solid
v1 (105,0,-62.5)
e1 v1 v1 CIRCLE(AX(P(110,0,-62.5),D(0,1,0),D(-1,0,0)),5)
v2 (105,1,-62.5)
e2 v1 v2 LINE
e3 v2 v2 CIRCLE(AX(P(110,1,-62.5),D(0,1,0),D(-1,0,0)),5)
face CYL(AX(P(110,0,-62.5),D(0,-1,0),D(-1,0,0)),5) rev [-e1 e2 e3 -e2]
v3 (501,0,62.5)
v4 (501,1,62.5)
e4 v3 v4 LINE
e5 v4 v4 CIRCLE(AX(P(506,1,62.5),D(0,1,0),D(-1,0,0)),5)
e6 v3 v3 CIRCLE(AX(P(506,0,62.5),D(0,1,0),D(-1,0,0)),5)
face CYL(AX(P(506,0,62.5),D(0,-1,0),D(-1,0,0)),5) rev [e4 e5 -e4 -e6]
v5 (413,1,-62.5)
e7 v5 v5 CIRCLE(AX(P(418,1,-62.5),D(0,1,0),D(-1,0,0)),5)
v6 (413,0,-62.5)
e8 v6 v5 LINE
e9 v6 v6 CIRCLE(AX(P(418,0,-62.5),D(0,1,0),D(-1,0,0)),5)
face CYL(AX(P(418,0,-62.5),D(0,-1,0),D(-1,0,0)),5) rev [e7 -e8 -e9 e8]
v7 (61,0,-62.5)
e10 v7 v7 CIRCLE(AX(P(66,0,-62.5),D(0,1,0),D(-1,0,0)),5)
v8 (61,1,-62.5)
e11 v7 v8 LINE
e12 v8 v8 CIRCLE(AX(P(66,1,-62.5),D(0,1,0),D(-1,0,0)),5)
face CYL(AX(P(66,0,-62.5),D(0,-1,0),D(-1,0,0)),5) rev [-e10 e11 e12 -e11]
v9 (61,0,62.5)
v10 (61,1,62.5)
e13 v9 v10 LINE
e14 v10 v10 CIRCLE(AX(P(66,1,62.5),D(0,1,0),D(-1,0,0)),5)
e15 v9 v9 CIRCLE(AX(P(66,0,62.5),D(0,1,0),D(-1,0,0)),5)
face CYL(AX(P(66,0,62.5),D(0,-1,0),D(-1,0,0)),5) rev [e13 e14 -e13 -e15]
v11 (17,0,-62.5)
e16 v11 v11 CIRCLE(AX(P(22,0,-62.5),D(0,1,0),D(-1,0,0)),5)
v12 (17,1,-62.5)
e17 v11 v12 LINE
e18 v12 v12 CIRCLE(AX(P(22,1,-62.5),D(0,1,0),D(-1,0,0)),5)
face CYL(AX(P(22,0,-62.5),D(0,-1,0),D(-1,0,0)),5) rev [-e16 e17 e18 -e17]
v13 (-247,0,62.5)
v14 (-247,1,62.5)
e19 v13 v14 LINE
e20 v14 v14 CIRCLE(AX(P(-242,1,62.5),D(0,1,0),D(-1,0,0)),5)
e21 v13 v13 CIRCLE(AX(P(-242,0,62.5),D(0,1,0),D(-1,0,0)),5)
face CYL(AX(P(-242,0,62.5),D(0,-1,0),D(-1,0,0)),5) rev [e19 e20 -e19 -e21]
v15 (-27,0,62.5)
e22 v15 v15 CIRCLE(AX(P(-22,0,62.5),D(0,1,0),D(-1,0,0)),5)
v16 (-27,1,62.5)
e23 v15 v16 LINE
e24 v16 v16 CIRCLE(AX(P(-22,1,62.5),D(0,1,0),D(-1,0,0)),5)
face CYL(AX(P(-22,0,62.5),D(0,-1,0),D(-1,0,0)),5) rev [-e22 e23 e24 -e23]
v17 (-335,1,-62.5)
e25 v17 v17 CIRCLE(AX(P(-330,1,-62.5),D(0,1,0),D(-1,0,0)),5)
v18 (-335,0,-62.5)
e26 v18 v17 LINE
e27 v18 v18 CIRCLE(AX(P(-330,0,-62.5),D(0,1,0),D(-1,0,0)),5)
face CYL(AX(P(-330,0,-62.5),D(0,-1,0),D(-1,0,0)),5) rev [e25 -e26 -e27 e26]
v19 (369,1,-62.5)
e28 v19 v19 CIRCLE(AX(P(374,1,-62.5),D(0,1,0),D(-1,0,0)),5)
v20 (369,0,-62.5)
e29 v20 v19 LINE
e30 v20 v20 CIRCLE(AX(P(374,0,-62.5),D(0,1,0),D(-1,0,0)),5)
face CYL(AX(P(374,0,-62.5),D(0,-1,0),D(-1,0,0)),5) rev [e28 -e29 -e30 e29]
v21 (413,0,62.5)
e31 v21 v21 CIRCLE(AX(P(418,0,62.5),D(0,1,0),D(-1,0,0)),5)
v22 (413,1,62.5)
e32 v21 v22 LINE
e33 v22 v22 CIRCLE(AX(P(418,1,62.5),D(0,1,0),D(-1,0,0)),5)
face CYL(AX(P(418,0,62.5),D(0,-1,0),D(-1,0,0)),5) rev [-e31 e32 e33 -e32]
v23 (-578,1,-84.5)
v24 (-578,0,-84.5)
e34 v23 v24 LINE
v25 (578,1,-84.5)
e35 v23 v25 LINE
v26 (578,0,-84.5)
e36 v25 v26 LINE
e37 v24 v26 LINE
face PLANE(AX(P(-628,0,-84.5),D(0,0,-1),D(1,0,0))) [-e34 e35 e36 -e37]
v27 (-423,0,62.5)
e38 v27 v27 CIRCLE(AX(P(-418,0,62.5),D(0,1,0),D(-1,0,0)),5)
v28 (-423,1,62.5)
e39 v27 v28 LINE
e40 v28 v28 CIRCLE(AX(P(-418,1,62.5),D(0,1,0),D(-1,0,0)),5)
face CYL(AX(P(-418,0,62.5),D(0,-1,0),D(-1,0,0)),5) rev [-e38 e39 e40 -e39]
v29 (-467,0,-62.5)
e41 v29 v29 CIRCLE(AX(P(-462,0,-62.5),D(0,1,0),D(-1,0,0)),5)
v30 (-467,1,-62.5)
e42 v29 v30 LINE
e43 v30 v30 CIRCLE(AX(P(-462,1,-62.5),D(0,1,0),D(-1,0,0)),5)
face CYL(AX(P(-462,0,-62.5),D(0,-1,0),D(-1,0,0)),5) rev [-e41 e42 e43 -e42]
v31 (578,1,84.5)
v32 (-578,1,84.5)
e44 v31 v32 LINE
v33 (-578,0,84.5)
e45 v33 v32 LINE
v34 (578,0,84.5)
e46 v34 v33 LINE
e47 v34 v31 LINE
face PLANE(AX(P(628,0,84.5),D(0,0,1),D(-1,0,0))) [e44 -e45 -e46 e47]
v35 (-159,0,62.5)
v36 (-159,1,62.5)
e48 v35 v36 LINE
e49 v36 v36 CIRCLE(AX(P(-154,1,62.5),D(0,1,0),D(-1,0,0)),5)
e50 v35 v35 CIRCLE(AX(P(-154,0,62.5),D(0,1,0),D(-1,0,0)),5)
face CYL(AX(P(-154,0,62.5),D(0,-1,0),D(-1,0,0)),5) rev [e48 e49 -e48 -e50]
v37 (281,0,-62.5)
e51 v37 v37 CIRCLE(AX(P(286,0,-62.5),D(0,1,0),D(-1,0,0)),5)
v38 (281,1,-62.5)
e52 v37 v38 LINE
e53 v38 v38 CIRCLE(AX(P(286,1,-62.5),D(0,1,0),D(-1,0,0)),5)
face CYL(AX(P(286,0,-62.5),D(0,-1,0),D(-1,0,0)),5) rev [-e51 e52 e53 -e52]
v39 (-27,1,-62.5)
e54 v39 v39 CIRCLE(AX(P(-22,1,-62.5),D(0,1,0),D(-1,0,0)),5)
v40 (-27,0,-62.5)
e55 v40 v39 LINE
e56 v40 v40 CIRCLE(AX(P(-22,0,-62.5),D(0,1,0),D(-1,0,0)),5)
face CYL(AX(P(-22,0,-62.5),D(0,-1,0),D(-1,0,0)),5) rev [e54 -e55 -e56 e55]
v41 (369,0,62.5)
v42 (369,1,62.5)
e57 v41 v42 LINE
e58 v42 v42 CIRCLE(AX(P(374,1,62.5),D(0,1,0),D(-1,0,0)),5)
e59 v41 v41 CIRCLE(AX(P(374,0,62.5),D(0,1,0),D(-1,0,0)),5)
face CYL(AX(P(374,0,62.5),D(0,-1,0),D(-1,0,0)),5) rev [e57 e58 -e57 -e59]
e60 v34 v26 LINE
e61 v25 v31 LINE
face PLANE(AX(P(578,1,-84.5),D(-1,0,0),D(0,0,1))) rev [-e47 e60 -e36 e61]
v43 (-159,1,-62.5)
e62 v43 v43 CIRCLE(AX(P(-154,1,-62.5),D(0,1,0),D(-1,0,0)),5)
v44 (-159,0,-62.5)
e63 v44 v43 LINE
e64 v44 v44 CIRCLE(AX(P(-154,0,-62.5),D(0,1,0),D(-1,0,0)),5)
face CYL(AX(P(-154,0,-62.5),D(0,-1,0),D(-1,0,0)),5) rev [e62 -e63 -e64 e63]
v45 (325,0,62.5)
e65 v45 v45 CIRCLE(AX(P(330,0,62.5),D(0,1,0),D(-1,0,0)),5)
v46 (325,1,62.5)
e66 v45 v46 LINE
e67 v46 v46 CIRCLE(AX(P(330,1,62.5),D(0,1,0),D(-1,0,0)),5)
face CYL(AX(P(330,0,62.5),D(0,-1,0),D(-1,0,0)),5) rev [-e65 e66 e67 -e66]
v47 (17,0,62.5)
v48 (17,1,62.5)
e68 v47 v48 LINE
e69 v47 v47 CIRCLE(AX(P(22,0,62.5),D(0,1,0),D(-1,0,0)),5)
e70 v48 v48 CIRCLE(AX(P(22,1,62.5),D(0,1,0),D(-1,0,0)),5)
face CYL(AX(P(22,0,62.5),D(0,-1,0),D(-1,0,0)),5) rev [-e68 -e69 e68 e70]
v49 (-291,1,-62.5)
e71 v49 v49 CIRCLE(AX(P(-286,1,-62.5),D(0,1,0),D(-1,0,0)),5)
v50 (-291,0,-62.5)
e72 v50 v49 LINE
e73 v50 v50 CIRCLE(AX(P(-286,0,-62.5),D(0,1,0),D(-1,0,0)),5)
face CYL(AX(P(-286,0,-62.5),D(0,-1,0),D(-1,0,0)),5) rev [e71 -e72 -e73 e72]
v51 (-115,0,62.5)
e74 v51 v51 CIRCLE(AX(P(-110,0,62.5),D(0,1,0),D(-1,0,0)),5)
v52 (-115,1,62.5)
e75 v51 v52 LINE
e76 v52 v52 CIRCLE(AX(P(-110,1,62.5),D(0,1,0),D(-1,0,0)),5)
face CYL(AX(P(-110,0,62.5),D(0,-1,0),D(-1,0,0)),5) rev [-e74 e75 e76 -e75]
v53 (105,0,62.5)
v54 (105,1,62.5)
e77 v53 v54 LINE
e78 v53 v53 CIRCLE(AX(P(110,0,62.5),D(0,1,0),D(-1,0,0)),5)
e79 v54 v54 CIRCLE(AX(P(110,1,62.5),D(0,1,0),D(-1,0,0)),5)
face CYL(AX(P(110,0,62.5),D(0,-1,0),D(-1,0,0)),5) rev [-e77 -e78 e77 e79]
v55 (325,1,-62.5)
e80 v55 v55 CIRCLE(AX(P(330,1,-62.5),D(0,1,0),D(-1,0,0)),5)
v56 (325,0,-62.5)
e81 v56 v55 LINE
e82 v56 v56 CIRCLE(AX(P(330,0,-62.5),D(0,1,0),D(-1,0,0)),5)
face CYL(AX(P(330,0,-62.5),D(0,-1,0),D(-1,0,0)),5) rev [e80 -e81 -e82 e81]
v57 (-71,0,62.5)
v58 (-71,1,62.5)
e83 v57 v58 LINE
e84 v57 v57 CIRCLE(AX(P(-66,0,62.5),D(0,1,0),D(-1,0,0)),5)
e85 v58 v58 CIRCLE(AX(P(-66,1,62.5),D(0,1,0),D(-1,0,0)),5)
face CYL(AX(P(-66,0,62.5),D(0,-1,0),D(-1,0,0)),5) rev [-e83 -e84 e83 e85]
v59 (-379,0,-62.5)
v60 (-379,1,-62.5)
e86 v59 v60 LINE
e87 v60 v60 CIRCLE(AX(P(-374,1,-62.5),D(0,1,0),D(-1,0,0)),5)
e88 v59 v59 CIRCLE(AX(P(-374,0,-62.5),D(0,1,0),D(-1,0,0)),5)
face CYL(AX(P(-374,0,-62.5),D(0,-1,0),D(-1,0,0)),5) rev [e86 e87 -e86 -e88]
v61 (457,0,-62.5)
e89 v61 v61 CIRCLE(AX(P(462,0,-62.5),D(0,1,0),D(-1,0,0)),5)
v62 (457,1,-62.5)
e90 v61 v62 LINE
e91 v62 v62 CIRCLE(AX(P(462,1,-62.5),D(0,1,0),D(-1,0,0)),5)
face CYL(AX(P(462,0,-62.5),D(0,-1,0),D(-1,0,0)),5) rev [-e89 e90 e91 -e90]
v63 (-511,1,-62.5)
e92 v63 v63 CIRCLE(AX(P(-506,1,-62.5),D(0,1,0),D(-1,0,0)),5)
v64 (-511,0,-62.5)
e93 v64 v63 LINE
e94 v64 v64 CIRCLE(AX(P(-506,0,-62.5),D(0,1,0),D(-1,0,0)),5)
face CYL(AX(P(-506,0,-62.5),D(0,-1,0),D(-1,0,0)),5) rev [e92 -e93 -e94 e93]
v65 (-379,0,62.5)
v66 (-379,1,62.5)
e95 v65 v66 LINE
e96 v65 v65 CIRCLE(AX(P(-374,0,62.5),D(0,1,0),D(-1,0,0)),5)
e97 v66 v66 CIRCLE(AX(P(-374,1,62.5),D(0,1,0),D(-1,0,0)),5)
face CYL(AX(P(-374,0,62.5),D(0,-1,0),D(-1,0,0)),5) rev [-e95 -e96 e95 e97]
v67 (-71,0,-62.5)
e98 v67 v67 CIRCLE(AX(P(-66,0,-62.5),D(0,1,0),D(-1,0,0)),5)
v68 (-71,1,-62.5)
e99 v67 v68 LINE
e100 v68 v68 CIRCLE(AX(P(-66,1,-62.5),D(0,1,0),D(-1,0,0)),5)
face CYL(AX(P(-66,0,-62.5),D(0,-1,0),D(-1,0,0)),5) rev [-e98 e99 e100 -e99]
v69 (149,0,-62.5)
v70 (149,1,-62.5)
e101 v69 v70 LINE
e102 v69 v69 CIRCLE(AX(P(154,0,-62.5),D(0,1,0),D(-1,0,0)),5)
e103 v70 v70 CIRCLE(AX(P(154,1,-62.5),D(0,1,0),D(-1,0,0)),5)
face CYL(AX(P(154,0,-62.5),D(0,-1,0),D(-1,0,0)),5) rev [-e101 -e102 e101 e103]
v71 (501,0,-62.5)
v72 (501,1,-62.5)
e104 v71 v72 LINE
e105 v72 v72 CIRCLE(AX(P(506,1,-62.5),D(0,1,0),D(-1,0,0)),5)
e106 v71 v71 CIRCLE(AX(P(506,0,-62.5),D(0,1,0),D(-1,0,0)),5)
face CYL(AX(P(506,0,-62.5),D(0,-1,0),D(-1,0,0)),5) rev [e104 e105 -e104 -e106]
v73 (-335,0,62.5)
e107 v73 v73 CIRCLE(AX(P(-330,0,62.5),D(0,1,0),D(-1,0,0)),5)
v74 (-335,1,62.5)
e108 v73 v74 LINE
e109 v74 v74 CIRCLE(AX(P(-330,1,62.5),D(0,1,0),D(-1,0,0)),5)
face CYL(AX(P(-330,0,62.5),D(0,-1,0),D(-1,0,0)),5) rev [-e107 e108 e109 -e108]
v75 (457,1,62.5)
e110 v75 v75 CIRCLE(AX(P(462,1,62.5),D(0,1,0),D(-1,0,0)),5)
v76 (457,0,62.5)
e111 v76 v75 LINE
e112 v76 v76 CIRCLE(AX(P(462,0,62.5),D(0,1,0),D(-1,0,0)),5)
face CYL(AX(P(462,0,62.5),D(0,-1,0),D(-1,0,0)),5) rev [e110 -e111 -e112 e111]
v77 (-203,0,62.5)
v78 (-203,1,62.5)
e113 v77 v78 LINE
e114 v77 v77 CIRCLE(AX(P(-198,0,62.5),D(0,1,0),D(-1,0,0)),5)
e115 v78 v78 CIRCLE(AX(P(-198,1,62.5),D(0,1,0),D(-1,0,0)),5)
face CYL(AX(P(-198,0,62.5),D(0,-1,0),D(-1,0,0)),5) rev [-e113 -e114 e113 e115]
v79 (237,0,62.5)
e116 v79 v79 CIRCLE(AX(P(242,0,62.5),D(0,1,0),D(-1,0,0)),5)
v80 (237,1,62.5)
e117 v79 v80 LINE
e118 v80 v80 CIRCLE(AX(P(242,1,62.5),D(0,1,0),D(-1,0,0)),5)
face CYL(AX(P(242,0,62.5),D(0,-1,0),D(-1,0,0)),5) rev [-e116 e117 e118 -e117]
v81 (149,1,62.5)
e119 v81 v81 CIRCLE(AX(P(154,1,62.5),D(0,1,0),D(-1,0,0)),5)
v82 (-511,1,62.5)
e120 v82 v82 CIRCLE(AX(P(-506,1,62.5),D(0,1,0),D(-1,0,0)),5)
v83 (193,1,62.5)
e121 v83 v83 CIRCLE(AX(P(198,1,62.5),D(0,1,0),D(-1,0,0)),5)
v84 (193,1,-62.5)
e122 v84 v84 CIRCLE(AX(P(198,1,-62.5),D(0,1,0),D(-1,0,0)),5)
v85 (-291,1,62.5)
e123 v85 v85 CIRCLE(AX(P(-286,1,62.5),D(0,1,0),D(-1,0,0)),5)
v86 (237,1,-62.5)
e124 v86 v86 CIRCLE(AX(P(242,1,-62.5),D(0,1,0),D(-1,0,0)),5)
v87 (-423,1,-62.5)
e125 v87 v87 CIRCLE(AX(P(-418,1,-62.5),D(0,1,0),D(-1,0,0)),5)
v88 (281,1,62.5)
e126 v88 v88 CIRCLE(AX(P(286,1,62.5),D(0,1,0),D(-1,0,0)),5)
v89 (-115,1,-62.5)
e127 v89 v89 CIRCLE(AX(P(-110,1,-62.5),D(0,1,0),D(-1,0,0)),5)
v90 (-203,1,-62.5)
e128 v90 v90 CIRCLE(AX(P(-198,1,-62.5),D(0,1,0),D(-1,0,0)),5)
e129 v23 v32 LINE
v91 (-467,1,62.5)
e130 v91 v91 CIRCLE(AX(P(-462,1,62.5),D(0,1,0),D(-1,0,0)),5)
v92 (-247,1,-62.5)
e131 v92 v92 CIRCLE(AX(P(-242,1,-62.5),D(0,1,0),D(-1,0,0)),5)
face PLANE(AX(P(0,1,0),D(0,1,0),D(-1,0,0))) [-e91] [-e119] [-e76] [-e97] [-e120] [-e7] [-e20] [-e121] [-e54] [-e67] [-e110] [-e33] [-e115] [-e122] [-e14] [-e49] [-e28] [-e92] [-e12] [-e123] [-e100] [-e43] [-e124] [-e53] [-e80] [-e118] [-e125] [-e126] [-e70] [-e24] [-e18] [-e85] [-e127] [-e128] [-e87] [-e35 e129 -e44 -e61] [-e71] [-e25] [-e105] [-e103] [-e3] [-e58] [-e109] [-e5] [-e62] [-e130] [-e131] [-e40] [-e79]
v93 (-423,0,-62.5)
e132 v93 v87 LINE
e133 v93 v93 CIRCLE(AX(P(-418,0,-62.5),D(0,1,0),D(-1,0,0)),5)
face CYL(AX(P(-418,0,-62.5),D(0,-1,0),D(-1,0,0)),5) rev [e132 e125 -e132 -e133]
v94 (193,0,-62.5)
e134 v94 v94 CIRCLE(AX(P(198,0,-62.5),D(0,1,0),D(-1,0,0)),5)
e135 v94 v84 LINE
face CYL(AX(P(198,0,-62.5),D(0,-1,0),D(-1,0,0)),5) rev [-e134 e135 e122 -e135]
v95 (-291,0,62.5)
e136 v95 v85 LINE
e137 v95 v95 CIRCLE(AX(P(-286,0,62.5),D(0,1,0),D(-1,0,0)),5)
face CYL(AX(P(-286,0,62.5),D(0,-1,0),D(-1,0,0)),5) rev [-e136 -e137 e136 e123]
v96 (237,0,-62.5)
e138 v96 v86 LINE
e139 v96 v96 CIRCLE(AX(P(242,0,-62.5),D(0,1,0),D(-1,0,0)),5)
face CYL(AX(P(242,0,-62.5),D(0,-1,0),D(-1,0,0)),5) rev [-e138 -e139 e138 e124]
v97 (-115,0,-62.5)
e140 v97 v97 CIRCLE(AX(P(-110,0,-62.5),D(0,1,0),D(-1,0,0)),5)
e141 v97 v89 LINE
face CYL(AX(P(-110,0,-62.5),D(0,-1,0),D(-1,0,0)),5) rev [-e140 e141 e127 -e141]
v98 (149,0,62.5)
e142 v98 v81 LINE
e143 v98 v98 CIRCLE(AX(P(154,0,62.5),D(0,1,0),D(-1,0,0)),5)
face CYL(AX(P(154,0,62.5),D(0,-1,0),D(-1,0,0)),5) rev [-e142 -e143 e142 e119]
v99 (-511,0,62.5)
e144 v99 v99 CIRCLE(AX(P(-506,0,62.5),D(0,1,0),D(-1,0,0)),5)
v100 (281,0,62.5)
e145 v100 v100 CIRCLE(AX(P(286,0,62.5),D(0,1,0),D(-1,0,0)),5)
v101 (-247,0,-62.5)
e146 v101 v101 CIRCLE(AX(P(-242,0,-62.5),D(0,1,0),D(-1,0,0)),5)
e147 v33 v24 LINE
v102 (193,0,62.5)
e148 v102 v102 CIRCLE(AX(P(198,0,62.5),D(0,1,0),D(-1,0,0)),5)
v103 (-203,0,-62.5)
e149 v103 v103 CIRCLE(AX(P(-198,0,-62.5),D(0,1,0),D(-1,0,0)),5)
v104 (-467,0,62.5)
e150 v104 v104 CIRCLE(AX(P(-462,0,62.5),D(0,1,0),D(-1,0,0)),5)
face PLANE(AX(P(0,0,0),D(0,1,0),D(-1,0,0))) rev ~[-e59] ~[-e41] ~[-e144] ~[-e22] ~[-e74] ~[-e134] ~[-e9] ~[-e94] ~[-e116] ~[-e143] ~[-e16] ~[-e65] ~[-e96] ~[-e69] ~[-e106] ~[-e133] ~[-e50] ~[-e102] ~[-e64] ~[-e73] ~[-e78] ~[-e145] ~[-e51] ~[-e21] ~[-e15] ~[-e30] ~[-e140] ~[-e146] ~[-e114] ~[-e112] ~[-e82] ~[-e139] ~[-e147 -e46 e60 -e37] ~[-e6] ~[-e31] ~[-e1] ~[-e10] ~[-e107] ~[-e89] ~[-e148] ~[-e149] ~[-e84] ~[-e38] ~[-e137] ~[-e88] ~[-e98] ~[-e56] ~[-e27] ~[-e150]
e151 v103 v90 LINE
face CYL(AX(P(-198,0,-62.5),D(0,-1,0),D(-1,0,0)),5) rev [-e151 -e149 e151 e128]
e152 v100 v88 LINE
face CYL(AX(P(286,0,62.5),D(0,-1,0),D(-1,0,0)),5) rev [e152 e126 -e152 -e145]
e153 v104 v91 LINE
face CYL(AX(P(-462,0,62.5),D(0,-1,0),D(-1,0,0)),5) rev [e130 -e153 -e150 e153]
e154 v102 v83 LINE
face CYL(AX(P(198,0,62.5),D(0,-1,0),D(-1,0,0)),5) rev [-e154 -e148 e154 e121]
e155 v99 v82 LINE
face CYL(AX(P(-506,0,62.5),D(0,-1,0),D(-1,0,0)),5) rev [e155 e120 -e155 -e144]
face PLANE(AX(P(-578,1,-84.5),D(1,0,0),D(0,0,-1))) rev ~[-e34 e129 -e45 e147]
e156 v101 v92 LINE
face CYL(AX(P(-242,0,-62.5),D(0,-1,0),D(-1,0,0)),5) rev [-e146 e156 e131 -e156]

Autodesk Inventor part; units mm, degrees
ref_plane "YZ Plane" through (0, 0, 0) normal (1, 0, 0) x (0, 1, 0)
ref_plane "XZ Plane" through (0, 0, 0) normal (0, 1, 0) x (-1, 0, 0)
ref_plane "XY Plane" through (0, 0, 0) normal (0, 0, 1) x (1, 0, 0)
sketch "Skin Scheme" plane through (0, 0, 0) normal (0, 1, 0) x (-1, 0, 0)
  line L0 (628, -84.5) -> (-628, -84.5)
  line L1 (-628, -84.5) -> (-628, 84.5)
  line L2 (-628, 84.5) -> (628, 84.5)
  line L3 (628, 84.5) -> (628, -84.5)
  circle A0 centre (506, -62.5) radius 5
  circle A1 centre (462, -62.5) radius 5
  circle A2 centre (418, -62.5) radius 5
  circle A3 centre (374, -62.5) radius 5
  circle A4 centre (330, -62.5) radius 5
  circle A5 centre (286, -62.5) radius 5
  circle A6 centre (242, -62.5) radius 5
  circle A7 centre (198, -62.5) radius 5
  circle A8 centre (154, -62.5) radius 5
  circle A9 centre (110, -62.5) radius 5
  circle A10 centre (66, -62.5) radius 5
  circle A11 centre (22, -62.5) radius 5
  circle A12 centre (-22, -62.5) radius 5
  circle A13 centre (-66, -62.5) radius 5
  circle A14 centre (-110, -62.5) radius 5
  circle A15 centre (-154, -62.5) radius 5
  circle A16 centre (-198, -62.5) radius 5
  circle A17 centre (-242, -62.5) radius 5
  circle A18 centre (506, 62.5) radius 5
  circle A19 centre (462, 62.5) radius 5
  circle A20 centre (418, 62.5) radius 5
  circle A21 centre (374, 62.5) radius 5
  circle A22 centre (330, 62.5) radius 5
  circle A23 centre (286, 62.5) radius 5
  circle A24 centre (242, 62.5) radius 5
  circle A25 centre (198, 62.5) radius 5
  circle A26 centre (154, 62.5) radius 5
  circle A27 centre (110, 62.5) radius 5
  circle A28 centre (66, 62.5) radius 5
  circle A29 centre (22, 62.5) radius 5
  circle A30 centre (-22, 62.5) radius 5
  circle A31 centre (-66, 62.5) radius 5
  circle A32 centre (-110, 62.5) radius 5
  circle A33 centre (-154, 62.5) radius 5
  circle A34 centre (-198, 62.5) radius 5
  circle A35 centre (-242, 62.5) radius 5
  circle A36 centre (-286, -62.5) radius 5
  circle A37 centre (-286, 62.5) radius 5
  circle A38 centre (-330, -62.5) radius 5
  circle A39 centre (-330, 62.5) radius 5
  circle A40 centre (-374, -62.5) radius 5
  circle A41 centre (-374, 62.5) radius 5
  circle A42 centre (-418, -62.5) radius 5
  circle A43 centre (-418, 62.5) radius 5
  circle A44 centre (-462, -62.5) radius 5
  circle A45 centre (-462, 62.5) radius 5
  circle A46 centre (-506, -62.5) radius 5
  circle A47 centre (-506, 62.5) radius 5
  point P0 (0, 0)
  dimension "d0" = 1256
  dimension "d1" = 628
  dimension "d2" = 169
  dimension "d3" = 84.5
  dimension "d4" = 10
  dimension "d5" = 122
  dimension "d6" = 22
  dimension "d9" = 44
  dimension "d12" = 125
extrude "Skin Body" add sketch "Skin Scheme" along normal blind 1
sketch "End Cut Outline" plane through (0, 1, 0) normal (0, 1, 0) x (1, 0, 0)
  line L0 (-578, 94.5) -> (-638, 94.5)
  line L1 (-638, 94.5) -> (-638, -94.5)
  line L2 (-638, -94.5) -> (-578, -94.5)
  line L3 (-578, -94.5) -> (-578, 94.5)
  line L4 (628, 84.5) -> (-628, 84.5) projected
  line L5 (-628, -84.5) -> (628, -84.5) projected
  line L6 (-628, 84.5) -> (-628, -84.5) projected
  point P0 (0, 0)
  dimension "d19" = 10
  dimension "d20" = 10
  dimension "d21" = 10
  dimension "d22" = 50
extrude "End Cut" cut sketch "End Cut Outline" along normal through all both and the other way through all
mirror "End Cut Mirror" about plane through (0, 0, 0) normal (1, 0, 0) of "End Cut"
equation "\"d1\" = 0.5 * d0"
equation "\"d3\" = 0.5 * d2"
properties part number "Skin NPS 10 Internal" material "Rubber, Silicone"
